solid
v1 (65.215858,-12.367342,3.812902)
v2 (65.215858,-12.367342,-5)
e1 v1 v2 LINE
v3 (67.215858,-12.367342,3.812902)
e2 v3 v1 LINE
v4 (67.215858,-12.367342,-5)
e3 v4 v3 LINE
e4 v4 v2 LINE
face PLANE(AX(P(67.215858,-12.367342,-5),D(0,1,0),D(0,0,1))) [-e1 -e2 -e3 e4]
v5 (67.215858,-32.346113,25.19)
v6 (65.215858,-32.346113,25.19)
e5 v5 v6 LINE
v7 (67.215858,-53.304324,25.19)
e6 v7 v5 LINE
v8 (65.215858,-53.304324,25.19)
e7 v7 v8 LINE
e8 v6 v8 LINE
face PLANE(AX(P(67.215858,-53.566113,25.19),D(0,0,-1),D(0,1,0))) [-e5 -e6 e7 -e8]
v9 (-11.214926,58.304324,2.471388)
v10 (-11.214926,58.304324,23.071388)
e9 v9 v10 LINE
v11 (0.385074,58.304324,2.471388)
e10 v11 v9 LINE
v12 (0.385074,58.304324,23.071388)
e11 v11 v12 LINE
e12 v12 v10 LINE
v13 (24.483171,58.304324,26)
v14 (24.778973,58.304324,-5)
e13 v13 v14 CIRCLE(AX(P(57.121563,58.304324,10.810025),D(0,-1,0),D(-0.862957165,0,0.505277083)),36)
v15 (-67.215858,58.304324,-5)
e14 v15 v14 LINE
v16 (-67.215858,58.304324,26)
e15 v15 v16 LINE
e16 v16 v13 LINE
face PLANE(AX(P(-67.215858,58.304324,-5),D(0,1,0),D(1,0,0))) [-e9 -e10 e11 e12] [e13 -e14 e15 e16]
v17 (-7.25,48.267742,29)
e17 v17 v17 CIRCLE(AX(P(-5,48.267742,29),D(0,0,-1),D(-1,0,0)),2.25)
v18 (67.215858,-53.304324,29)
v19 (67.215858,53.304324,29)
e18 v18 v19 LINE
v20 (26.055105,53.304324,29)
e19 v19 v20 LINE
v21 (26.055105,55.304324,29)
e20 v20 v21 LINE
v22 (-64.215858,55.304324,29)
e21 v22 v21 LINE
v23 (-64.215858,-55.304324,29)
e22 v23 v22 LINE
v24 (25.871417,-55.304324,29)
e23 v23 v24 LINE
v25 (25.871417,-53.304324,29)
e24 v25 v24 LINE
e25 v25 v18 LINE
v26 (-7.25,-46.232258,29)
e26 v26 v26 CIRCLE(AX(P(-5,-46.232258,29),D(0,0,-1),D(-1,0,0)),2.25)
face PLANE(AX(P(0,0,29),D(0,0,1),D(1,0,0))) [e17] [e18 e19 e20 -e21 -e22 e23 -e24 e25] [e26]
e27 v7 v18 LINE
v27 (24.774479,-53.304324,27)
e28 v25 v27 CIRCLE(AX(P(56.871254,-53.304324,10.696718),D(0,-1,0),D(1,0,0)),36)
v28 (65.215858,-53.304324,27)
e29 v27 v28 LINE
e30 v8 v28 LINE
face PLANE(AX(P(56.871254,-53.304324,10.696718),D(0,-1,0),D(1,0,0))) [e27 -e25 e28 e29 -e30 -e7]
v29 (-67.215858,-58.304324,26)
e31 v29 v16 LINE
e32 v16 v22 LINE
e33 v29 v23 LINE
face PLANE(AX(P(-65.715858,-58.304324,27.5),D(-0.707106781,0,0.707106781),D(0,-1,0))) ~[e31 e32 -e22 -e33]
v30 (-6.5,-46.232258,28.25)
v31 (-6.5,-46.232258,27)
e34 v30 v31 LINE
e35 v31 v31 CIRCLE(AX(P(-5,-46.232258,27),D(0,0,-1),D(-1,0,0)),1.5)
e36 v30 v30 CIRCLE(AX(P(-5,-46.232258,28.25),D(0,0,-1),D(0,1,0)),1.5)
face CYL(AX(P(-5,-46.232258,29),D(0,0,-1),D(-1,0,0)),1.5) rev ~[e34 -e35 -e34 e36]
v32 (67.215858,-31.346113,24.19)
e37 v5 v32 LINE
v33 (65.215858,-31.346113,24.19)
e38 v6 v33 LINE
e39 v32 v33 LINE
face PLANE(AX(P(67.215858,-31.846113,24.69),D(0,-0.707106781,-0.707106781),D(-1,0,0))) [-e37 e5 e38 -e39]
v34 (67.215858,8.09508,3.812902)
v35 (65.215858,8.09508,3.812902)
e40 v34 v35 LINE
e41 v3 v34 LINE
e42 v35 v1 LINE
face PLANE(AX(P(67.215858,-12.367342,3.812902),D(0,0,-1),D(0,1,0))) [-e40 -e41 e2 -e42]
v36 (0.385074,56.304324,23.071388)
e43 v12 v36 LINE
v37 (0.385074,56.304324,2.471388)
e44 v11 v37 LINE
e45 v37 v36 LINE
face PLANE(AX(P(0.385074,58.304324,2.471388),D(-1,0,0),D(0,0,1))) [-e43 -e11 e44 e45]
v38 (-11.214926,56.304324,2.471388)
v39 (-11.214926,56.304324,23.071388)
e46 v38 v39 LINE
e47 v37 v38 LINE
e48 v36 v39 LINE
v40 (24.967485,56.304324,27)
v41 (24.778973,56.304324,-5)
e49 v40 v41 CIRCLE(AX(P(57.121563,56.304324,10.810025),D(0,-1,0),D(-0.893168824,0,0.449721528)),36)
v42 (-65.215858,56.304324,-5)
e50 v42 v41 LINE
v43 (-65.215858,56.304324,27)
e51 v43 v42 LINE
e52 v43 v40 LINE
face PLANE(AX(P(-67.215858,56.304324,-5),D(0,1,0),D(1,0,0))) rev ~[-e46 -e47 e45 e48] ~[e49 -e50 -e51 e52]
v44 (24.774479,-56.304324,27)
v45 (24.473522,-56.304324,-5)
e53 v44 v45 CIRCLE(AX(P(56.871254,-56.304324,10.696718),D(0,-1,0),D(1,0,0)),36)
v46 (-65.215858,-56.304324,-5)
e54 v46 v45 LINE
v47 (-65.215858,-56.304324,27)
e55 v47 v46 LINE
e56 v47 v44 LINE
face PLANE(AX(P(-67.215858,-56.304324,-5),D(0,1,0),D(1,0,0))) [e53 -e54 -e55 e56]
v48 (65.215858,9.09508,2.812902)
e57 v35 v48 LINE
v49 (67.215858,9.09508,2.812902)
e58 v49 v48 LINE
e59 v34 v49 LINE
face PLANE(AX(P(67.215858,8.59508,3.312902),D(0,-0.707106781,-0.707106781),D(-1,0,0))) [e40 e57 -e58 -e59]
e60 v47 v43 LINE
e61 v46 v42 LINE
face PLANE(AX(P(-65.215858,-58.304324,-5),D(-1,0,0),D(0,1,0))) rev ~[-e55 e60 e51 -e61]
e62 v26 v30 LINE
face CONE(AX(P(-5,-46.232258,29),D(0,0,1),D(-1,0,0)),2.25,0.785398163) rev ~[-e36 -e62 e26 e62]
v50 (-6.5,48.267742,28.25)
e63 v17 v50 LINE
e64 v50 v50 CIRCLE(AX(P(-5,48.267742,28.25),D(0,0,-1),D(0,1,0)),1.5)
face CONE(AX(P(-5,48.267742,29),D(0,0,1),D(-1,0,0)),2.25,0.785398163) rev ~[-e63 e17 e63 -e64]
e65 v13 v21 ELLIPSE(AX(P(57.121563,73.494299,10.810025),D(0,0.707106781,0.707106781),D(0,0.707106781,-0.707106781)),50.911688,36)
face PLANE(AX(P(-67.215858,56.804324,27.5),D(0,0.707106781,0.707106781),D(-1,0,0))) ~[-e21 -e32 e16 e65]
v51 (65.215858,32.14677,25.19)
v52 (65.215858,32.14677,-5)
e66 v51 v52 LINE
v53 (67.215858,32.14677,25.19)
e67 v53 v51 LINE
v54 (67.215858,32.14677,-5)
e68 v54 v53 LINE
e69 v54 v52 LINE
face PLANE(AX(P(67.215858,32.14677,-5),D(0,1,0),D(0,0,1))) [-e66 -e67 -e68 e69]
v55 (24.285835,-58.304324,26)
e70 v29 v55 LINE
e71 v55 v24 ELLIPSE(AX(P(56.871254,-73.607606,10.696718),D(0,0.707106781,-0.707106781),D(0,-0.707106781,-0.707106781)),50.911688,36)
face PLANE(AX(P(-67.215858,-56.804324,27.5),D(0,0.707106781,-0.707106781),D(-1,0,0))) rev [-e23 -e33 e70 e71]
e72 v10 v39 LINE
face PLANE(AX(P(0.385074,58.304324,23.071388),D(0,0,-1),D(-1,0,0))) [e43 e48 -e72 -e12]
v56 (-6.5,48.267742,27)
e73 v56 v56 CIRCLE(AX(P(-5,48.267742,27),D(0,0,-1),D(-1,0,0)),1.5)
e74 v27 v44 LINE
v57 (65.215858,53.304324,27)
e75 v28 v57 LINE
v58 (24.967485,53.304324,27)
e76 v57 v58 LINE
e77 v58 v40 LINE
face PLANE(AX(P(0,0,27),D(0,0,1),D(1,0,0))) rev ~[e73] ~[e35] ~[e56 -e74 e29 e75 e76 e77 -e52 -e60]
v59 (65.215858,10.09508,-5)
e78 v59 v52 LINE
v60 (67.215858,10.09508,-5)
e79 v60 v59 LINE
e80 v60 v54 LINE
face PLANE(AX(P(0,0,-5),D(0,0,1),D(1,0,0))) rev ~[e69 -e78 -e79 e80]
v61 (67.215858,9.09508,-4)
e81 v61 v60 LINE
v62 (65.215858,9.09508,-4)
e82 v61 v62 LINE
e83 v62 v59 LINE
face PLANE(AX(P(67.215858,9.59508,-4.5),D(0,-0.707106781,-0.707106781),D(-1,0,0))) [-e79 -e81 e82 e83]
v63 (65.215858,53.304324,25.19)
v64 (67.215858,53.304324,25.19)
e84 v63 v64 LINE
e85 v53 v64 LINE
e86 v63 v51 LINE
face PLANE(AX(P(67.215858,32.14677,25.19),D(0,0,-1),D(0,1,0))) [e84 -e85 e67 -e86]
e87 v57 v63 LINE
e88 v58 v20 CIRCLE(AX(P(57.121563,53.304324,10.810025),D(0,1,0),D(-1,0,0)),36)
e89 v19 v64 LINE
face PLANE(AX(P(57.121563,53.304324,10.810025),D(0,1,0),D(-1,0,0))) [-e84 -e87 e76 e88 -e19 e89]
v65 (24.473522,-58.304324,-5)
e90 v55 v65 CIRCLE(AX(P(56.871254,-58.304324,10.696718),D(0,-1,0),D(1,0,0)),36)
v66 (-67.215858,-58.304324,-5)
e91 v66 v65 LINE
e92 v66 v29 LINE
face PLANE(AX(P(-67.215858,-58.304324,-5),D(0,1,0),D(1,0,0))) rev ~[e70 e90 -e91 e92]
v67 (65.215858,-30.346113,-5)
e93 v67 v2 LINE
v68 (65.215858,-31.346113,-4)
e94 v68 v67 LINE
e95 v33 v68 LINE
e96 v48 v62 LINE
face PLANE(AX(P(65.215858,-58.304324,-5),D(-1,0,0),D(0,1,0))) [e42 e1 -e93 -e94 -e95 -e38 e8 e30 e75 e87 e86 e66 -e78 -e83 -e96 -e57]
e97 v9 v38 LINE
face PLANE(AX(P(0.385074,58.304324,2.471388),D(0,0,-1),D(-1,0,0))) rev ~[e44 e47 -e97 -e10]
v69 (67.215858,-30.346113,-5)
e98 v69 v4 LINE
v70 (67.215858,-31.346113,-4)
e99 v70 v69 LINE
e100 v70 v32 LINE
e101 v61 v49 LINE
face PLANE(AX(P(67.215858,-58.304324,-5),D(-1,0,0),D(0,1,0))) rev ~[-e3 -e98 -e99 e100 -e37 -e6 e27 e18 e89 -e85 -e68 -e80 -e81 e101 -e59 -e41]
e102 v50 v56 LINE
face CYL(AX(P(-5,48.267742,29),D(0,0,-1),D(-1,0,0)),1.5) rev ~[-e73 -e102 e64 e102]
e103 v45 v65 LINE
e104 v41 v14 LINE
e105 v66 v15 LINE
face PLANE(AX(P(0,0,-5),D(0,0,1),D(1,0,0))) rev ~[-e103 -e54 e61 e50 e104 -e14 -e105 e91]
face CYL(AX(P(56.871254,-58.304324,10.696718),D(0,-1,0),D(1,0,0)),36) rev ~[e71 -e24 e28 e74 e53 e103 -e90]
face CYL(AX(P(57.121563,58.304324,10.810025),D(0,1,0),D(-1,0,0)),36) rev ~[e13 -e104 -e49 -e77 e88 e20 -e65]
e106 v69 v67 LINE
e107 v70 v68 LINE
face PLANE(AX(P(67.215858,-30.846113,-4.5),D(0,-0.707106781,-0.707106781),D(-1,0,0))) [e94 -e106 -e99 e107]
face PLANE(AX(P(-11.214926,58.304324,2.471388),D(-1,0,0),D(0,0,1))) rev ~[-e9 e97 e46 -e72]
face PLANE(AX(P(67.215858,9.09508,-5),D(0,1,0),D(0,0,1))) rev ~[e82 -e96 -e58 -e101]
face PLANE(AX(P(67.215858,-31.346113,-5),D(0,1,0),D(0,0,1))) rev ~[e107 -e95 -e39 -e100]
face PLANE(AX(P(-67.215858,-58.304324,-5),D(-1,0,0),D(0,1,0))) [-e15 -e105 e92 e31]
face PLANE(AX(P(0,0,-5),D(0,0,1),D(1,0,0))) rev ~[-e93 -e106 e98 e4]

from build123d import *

# Parameters (mm, degrees)
SKETCH008_W      = 134.431716
SKETCH008_H      = 116.608648
PAD008_DEPTH     = 34
THICKNESS_T      = -2
HOLE_D           = 3
HOLE_DEPTH       = 25
HOLE_CSINK_D     = 4.5
HOLE_CSINK_ANGLE = 90
HOLE_TIPS_R      = 1.5
SKETCH011_W      = 22.22
SKETCH011_H      = 30.19
SKETCH011_W_2    = 21.462421
SKETCH011_H_2    = 8.812902
POCKET_DEPTH     = 5
SKETCH012_R      = 36
POCKET001_DEPTH  = 5
SKETCH013_R      = 36
POCKET002_DEPTH  = 5
CHAMFER_SIZE     = 3
SKETCH015_W      = 11.6
SKETCH015_H      = 20.6
POCKET003_DEPTH  = 5
CHAMFER001_SIZE  = 1


with BuildPart() as part:
    # Sketch008 → Pad008 (new body)
    with BuildSketch(Plane.XY):
        Rectangle(SKETCH008_W, SKETCH008_H)
    extrude(amount=PAD008_DEPTH)

    # Thickness
    thickness_openings = [part.faces().sort_by_distance(p)[0] for p in [
        (0, 0, 0),
    ]]
    offset(amount=THICKNESS_T, openings=thickness_openings)

    # Hole
    with Locations(Plane.XY.offset(34)):
        with Locations((-5, 48.267742), (-5, -46.232258)):
            CounterSinkHole(HOLE_D / 2, HOLE_CSINK_D / 2, depth=HOLE_DEPTH, counter_sink_angle=HOLE_CSINK_ANGLE)

    # Hole tips → Hole tip 1 section 0
    with BuildSketch(Plane.XY.offset(9), mode=Mode.PRIVATE) as hole_tip_1_s0:
        with Locations((-5, 48.267742)):
            Circle(HOLE_TIPS_R)
    loft([hole_tip_1_s0.sketch, Vertex(-5, 48.267742, 8.098709)], mode=Mode.SUBTRACT)

    # Hole tips → Hole tip 2 section 0
    with BuildSketch(Plane.XY.offset(9), mode=Mode.PRIVATE) as hole_tip_2_s0:
        with Locations((-5, -46.232258)):
            Circle(HOLE_TIPS_R)
    loft([hole_tip_2_s0.sketch, Vertex(-5, -46.232258, 8.098709)], mode=Mode.SUBTRACT)

    # Sketch011 (on Face3 of Hole) → Pocket (cut)
    with BuildSketch(Plane.YZ.offset(67.215858)):
        with Locations((43.25677, 15.095)):
            Rectangle(SKETCH011_W, SKETCH011_H)
        with Locations((-42.456113, 15.095)):
            Rectangle(SKETCH011_W, SKETCH011_H)
        with Locations((-1.636131, 4.406451)):
            Rectangle(SKETCH011_W_2, SKETCH011_H_2)
    extrude(amount=-POCKET_DEPTH, mode=Mode.SUBTRACT)

    # Sketch012 (on Face1 of Pocket) → Pocket001 (cut)
    with BuildSketch(Plane(origin=(0, 58.304324, 0), x_dir=(-1, 0, 0), z_dir=(0, 1, 0))):
        with Locations((-57.121563, 15.810025)):
            Circle(SKETCH012_R)
    extrude(amount=-POCKET001_DEPTH, mode=Mode.SUBTRACT)

    # Sketch013 (on Face13 of Pocket001) → Pocket002 (cut)
    with BuildSketch(Plane.XZ.offset(58.304324)):
        with Locations((56.871254, 15.696718)):
            Circle(SKETCH013_R)
    extrude(amount=-POCKET002_DEPTH, mode=Mode.SUBTRACT)

    # Chamfer
    chamfer_edges = [part.edges().sort_by_distance(p)[0] for p in [
        (-20.67222, -58.304324, 34),
        (-67.215858, 0, 34),
        (-20.580376, 58.304324, 34),
    ]]
    chamfer(chamfer_edges, length=CHAMFER_SIZE)

    # Sketch015 (on Face1 of Chamfer) → Pocket003 (cut)
    with BuildSketch(Plane(origin=(0, 58.304324, 0), x_dir=(-1, 0, 0), z_dir=(0, 1, 0))):
        with Locations((5.414926, 17.771388)):
            Rectangle(SKETCH015_W, SKETCH015_H)
    extrude(amount=-POCKET003_DEPTH, mode=Mode.SUBTRACT)

    # Chamfer001
    chamfer001_edges = [part.edges().sort_by_distance(p)[0] for p in [
        (66.215858, -31.346113, 0),
        (66.215858, -31.346113, 30.19),
        (66.215858, 9.09508, 8.812902),
        (66.215858, 9.09508, 0),
    ]]
    chamfer(chamfer001_edges, length=CHAMFER001_SIZE)


with BuildPart() as part_1:
    # Body001 placement: moved
    add(part.part.moved(Location((0, 0, -5))))


solid = part_1.part
